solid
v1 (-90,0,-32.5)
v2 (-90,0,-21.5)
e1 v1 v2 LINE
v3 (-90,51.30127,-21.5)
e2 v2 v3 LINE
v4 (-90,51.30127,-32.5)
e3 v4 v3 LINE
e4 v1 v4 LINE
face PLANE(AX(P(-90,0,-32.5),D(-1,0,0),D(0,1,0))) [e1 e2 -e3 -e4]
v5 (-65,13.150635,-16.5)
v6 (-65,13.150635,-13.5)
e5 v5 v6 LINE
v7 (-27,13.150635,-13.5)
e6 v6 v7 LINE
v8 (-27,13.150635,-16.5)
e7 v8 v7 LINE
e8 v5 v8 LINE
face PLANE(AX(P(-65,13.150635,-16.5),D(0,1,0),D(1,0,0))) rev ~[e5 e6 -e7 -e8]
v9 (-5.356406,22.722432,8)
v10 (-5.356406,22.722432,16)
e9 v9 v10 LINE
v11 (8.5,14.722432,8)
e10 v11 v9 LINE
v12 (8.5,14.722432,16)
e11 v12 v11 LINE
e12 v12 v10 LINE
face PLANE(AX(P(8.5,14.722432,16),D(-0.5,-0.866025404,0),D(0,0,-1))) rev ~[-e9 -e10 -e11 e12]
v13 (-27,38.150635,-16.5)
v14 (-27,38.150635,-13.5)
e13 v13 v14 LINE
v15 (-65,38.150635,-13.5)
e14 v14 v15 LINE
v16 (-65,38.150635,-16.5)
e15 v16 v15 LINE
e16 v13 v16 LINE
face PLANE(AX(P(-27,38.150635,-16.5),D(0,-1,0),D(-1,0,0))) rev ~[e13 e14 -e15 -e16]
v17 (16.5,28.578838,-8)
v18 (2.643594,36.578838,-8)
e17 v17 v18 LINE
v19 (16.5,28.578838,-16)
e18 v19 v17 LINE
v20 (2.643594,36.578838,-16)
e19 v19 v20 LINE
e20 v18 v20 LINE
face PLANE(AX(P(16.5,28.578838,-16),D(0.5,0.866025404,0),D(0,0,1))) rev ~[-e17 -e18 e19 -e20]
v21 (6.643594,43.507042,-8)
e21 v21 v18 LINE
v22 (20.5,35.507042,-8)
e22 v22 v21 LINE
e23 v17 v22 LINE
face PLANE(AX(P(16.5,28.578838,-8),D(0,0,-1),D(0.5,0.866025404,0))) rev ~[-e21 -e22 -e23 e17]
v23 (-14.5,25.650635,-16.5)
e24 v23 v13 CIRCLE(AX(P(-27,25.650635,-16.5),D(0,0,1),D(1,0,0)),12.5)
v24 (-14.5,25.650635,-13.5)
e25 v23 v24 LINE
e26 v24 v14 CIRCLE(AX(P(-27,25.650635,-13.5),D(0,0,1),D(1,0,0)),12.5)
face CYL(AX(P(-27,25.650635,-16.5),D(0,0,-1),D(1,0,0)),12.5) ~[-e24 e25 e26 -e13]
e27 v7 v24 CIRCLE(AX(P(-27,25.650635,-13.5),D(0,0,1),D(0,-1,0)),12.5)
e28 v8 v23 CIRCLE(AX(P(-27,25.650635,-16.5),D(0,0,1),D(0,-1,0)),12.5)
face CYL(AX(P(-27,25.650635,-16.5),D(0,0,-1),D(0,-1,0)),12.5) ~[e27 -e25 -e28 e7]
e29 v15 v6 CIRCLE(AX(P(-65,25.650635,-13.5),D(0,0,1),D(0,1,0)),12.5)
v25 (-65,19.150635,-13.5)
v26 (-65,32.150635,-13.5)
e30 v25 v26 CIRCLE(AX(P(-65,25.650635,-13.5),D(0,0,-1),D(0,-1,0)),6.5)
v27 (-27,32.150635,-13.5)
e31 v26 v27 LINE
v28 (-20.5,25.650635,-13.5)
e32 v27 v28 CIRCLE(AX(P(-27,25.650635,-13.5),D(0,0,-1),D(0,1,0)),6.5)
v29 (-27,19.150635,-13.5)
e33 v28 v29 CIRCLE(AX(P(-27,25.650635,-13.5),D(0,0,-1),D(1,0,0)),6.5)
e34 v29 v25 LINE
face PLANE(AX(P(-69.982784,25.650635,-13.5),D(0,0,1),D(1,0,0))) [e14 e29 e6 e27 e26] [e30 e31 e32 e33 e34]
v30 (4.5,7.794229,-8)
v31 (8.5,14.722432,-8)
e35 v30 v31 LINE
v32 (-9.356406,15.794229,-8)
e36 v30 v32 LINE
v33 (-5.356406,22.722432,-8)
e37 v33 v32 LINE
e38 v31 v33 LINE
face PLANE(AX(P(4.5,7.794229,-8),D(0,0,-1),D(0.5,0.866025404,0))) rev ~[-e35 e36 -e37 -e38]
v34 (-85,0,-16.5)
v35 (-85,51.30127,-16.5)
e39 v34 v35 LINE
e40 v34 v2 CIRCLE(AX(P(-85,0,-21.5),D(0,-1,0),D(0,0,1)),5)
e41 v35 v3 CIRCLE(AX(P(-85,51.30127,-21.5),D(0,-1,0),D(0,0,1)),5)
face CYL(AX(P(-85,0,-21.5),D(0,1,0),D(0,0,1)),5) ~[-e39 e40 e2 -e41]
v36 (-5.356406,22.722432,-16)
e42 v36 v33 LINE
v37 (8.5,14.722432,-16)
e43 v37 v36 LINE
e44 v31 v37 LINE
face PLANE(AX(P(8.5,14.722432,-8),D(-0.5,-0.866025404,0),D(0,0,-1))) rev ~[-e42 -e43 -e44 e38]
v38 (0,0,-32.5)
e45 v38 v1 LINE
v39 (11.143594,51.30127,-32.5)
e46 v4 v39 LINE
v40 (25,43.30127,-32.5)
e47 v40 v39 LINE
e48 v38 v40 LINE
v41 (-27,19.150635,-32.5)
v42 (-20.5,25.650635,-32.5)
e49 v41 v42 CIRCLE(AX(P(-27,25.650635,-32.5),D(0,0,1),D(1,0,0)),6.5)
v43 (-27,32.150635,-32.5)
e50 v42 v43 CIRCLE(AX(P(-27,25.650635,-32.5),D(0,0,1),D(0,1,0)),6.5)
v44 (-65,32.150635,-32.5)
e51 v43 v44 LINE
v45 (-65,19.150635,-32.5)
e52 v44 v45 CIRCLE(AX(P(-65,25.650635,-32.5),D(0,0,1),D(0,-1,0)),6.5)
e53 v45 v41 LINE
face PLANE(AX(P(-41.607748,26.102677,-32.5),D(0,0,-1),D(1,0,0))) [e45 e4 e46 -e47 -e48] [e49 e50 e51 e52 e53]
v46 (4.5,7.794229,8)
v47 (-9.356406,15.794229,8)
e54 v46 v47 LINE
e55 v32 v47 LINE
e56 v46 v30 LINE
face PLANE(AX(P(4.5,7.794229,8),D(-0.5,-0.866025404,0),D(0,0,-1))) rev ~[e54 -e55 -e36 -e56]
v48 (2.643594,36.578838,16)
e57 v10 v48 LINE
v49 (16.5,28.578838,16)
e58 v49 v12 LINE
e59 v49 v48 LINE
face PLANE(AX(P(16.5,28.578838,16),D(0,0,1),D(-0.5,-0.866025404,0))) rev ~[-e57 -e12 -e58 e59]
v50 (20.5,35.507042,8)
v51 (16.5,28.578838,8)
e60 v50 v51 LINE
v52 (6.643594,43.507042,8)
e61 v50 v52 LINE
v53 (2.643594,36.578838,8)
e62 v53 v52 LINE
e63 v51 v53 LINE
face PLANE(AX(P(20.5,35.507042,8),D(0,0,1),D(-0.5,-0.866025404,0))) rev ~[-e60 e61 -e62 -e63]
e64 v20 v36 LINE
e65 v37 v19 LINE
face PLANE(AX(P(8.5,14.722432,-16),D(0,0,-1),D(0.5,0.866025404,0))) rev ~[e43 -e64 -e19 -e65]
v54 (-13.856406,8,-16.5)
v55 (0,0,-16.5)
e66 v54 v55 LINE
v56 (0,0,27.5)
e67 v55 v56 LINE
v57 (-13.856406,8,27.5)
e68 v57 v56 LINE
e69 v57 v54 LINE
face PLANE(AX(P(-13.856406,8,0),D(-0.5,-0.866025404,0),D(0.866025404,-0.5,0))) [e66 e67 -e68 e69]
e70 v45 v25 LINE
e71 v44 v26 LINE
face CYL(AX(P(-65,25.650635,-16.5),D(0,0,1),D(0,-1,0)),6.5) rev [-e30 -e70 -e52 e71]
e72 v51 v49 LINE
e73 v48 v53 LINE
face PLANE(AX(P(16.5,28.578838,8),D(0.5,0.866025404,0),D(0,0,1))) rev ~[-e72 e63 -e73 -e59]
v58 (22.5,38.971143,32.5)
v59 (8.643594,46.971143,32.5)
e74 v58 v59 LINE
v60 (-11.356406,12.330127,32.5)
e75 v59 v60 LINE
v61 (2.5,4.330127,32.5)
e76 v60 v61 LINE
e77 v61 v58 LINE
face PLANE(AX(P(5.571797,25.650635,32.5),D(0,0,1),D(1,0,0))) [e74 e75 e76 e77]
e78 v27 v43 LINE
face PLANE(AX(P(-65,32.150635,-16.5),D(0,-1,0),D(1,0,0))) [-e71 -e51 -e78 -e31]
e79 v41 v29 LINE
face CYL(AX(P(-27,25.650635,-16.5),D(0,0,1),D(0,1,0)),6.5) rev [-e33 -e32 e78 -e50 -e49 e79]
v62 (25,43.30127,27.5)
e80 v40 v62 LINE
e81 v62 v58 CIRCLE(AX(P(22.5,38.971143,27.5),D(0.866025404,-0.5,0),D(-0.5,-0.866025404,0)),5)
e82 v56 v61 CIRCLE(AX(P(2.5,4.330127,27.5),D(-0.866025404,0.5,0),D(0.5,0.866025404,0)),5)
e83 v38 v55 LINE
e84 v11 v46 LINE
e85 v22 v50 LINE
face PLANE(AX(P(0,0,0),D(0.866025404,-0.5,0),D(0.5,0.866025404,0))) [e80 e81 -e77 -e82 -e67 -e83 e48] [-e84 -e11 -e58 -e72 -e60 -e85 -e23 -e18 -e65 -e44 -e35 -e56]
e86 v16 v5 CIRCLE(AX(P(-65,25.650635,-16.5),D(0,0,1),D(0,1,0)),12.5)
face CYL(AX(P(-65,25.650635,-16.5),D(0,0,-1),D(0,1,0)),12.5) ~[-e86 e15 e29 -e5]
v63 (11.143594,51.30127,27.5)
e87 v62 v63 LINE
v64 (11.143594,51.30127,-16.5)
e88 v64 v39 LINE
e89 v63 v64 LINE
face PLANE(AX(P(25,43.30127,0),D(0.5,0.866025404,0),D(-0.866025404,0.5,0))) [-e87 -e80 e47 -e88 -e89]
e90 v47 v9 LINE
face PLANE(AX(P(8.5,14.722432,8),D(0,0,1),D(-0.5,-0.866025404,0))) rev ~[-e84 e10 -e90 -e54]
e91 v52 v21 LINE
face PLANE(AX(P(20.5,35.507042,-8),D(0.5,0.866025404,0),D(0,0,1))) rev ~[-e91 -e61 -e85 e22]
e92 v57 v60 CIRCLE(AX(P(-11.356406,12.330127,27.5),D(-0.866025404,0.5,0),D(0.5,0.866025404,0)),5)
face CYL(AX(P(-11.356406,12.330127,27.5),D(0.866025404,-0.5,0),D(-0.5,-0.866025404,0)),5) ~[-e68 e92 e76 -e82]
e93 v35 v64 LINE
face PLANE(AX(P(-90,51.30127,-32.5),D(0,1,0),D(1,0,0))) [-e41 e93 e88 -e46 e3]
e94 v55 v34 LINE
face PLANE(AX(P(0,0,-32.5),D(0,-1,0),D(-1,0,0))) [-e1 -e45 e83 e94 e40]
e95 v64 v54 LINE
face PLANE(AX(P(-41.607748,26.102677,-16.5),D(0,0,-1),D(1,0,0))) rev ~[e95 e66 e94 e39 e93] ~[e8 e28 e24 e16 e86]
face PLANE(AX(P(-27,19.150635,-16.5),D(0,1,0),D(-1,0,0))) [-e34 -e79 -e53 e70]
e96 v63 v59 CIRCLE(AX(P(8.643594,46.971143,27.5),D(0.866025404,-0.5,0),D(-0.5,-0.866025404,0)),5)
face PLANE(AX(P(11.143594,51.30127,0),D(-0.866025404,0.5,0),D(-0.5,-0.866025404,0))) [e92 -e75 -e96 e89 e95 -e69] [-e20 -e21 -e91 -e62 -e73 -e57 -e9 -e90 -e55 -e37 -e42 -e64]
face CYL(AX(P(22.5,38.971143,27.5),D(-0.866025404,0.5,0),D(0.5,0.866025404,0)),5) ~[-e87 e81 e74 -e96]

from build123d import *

# Parameters (mm, degrees)
F1_DEPTH  = 32.5
F5_DEPTH  = 16
F6_R      = 5
F8_DEPTH  = 3
F9_DEPTH  = 16.001
F11_DEPTH = 20
F12_R     = 5


with BuildPart() as f1:
    # F0 (on Top) → F1 (new body, symmetric)
    with BuildSketch(Plane.XY):
        Polygon((-13.8564064606, 8), (0, 0), (25, 43.3012701892), (11.1435935394, 51.3012701892), align=None)
    extrude(amount=F1_DEPTH, both=True)

    # F4 (on face) → F5 (join)
    with BuildSketch(Plane(origin=(0, 0, -32.5), x_dir=(1, 0, 0), z_dir=(0, 0, -1))):
        Polygon((-13.8564064606, -8), (0, 0), (-90, 0), (-90, -51.3012701892), (11.1435935394, -51.3012701892), align=None)
    extrude(amount=-F5_DEPTH)

    # F6
    f6_edges = [f1.edges().sort_by_distance(p)[0] for p in [
        (-6.928203, 4, 32.5),
        (18.071797, 47.30127, 32.5),
    ]]
    fillet(f6_edges, radius=F6_R)

    # F7 (on face) → F8 (join)
    with BuildSketch(Plane.XY.offset(-16.5)):
        with BuildLine():
            ThreePointArc((-65, 38.1506350946), (-77.5, 25.6506350946), (-65, 13.1506350946))
            Line((-65, 13.1506350946), (-65, 19.1506350946))
            ThreePointArc((-65, 19.1506350946), (-71.5, 25.6506350946), (-65, 32.1506350946))
            Line((-65, 32.1506350946), (-65, 38.1506350946))
        make_face()
        with BuildLine():
            Line((-65, 19.1506350946), (-65, 13.1506350946))
            ThreePointArc((-65, 13.1506350946), (-58.876275643, 14.7533877358), (-54.322921748, 19.1506350946))
            Line((-54.322921748, 19.1506350946), (-65, 19.1506350946))
        make_face()
        with BuildLine():
            Line((-65, 13.1506350946), (-27, 13.1506350946))
            ThreePointArc((-27, 13.1506350946), (-33.123724357, 14.7533877358), (-37.677078252, 19.1506350946))
            Line((-37.677078252, 19.1506350946), (-54.322921748, 19.1506350946))
            ThreePointArc((-54.322921748, 19.1506350946), (-58.876275643, 14.7533877358), (-65, 13.1506350946))
        make_face()
        with BuildLine():
            Line((-27, 19.1506350946), (-27, 13.1506350946))
            ThreePointArc((-27, 13.1506350946), (-18.1611652352, 16.8118003298), (-14.5, 25.6506350946))
            ThreePointArc((-14.5, 25.6506350946), (-18.1611652352, 34.4894698594), (-27, 38.1506350946))
            Line((-27, 38.1506350946), (-27, 32.1506350946))
            ThreePointArc((-27, 32.1506350946), (-22.4038059223, 30.2468291723), (-20.5, 25.6506350946))
            ThreePointArc((-20.5, 25.6506350946), (-22.4038059223, 21.0544410169), (-27, 19.1506350946))
        make_face()
        with BuildLine():
            ThreePointArc((-37.677078252, 19.1506350946), (-33.123724357, 14.7533877358), (-27, 13.1506350946))
            Line((-27, 13.1506350946), (-27, 19.1506350946))
            Line((-27, 19.1506350946), (-37.677078252, 19.1506350946))
        make_face()
        with BuildLine():
            Line((-37.677078252, 32.1506350946), (-27, 32.1506350946))
            Line((-27, 32.1506350946), (-27, 38.1506350946))
            ThreePointArc((-27, 38.1506350946), (-33.123724357, 36.5478824535), (-37.677078252, 32.1506350946))
        make_face()
        with BuildLine():
            ThreePointArc((-54.322921748, 32.1506350946), (-58.876275643, 36.5478824535), (-65, 38.1506350946))
            Line((-65, 38.1506350946), (-65, 32.1506350946))
            Line((-65, 32.1506350946), (-54.322921748, 32.1506350946))
        make_face()
        with BuildLine():
            Line((-27, 38.1506350946), (-65, 38.1506350946))
            ThreePointArc((-65, 38.1506350946), (-58.876275643, 36.5478824535), (-54.322921748, 32.1506350946))
            Line((-54.322921748, 32.1506350946), (-37.677078252, 32.1506350946))
            ThreePointArc((-37.677078252, 32.1506350946), (-33.123724357, 36.5478824535), (-27, 38.1506350946))
        make_face()
    extrude(amount=F8_DEPTH)

    # F9 (cut, through all): a face of the model
    f9_faces = [f1.faces().sort_by_distance(p)[0] for p in [
        (-46, 25.6506350946, -16.5),
    ]]
    extrude(f9_faces, amount=-F9_DEPTH, mode=Mode.SUBTRACT)

    # F10 (on face) → F11 (cut)
    with BuildSketch(Plane(origin=(0, 0, 0), x_dir=(0.5, 0.8660254038, 0), z_dir=(0.8660254038, -0.5, 0))):
        Polygon((33, -8), (41, -8), (41, 8), (33, 8), (33, 16), (17, 16), (17, 8), (9, 8), (9, -8), (17, -8), (17, -16), (33, -16), align=None)
    extrude(amount=-F11_DEPTH, mode=Mode.SUBTRACT)

    # F12
    f12_edges = [f1.edges().sort_by_distance(p)[0] for p in [
        (-90, 25.650635, -16.5),
    ]]
    fillet(f12_edges, radius=F12_R)


solid = f1.part
